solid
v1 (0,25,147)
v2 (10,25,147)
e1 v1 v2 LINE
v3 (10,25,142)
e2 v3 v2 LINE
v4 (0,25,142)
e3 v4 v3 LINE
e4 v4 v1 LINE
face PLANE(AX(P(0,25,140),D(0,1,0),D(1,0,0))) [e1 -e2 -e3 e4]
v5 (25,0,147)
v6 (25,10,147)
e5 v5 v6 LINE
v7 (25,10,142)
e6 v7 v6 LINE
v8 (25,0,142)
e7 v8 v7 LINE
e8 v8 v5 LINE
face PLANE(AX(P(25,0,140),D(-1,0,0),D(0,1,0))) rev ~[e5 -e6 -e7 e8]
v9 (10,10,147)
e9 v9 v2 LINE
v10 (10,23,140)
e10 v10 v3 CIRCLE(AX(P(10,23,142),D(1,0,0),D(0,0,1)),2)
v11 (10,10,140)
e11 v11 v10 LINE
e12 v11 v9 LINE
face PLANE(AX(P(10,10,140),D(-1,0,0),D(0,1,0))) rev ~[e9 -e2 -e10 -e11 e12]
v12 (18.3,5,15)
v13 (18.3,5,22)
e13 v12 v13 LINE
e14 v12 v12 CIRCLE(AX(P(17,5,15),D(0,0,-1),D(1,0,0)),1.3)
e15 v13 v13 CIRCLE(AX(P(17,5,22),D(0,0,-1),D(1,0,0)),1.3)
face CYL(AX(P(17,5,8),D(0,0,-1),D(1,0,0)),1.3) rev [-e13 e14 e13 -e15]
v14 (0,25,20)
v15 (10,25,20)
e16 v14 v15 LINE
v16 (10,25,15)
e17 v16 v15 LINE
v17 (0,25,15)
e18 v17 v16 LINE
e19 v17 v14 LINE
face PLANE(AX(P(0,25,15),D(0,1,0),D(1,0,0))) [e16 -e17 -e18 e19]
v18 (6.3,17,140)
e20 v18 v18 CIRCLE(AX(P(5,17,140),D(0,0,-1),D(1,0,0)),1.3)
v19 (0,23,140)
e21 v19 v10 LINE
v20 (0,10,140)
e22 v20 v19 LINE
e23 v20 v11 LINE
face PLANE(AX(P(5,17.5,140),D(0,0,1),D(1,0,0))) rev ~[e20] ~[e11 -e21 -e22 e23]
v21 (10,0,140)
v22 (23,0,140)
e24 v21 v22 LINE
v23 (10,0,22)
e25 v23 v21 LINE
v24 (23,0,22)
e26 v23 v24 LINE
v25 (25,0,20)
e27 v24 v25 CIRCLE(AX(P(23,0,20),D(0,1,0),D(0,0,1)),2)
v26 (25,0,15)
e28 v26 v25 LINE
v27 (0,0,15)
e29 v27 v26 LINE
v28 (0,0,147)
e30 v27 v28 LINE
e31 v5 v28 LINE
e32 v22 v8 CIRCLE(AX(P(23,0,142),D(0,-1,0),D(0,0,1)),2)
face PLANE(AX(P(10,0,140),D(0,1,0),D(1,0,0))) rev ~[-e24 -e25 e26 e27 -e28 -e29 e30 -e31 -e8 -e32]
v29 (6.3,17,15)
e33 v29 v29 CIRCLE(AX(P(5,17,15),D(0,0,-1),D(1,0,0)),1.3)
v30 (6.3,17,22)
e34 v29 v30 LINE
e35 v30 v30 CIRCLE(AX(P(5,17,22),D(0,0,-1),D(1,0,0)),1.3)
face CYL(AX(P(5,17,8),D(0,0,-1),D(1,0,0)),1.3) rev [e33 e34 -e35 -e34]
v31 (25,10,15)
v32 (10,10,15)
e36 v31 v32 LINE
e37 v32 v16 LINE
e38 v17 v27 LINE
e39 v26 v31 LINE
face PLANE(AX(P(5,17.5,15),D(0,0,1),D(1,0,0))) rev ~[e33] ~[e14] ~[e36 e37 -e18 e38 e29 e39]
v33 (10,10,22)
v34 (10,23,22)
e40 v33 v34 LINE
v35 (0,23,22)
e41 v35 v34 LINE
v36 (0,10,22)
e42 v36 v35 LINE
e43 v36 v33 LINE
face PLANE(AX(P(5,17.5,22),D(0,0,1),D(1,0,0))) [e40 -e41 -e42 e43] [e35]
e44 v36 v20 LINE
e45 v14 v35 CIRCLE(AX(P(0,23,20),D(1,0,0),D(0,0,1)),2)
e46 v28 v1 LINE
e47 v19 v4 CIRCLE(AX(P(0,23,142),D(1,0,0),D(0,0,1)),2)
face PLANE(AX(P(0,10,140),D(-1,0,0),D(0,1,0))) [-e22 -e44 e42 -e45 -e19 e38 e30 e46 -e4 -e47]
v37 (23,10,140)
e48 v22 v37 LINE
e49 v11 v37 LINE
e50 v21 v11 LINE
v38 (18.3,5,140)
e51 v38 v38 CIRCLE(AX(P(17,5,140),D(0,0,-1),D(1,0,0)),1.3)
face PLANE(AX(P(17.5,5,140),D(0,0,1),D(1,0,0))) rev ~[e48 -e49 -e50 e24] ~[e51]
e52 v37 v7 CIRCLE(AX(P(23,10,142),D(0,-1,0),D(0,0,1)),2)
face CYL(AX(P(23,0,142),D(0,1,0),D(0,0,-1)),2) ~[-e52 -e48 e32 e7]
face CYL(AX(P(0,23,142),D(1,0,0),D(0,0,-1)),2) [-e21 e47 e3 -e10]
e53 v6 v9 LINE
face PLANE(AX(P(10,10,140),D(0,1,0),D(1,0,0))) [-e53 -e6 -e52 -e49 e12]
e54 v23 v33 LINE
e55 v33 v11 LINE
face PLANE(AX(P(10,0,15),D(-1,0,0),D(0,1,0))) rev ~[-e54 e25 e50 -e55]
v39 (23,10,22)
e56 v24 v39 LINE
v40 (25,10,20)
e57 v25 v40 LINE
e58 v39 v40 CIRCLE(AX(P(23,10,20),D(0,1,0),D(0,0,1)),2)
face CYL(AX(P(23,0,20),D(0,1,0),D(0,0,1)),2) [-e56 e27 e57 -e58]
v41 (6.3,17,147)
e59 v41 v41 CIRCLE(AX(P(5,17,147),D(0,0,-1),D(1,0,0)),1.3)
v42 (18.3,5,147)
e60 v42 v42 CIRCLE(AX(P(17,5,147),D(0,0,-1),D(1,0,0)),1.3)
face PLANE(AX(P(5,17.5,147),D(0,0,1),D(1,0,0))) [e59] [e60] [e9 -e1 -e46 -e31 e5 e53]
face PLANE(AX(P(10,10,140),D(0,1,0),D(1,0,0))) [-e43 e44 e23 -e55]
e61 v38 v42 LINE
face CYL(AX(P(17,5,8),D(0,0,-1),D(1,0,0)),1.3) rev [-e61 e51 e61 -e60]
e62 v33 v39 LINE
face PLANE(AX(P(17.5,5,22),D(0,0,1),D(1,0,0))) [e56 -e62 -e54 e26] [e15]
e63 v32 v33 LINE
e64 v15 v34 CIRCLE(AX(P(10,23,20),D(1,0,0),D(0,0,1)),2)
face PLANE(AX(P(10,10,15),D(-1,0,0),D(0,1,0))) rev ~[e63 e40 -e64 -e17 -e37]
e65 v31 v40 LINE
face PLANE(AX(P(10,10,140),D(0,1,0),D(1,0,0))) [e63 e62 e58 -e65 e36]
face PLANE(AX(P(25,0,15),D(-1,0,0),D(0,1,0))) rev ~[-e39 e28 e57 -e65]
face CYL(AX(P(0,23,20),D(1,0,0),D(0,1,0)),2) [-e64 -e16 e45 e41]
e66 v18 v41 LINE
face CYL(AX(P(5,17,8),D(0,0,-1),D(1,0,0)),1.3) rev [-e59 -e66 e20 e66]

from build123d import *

# Parameters (mm, degrees)
CYLINDER004_R     = 1.3
CYLINDER004_DEPTH = 146
CYLINDER_R        = 1.3
CYLINDER_DEPTH    = 146
BOX063_W          = 10
BOX063_H          = 10
BOX063_DEPTH      = 132
BOX064_W          = 15
BOX064_H          = 10
BOX064_DEPTH      = 7
BOX066_W          = 10
BOX066_H          = 15
BOX066_DEPTH      = 7
BOX062_W          = 10
BOX062_H          = 15
BOX062_DEPTH      = 7
BOX065_W          = 15
BOX065_H          = 10
BOX065_DEPTH      = 7
FILLET_R          = 2


with BuildPart() as cilindro004:
    # Cylinder004 → Cylinder004 (new body)
    with BuildSketch(Plane(origin=(5, 17, 8), x_dir=(1, 0, 0), z_dir=(0, 0, 1))):
        Circle(CYLINDER004_R)
    extrude(amount=CYLINDER004_DEPTH)


with BuildPart() as cilindro:
    # Cylinder → Cylinder (new body)
    with BuildSketch(Plane(origin=(17, 5, 8), x_dir=(1, 0, 0), z_dir=(0, 0, 1))):
        Circle(CYLINDER_R)
    extrude(amount=CYLINDER_DEPTH)


with BuildPart() as cubo026:
    # Box063 → Box063 (new body)
    with BuildSketch(Plane.XY.offset(15)):
        with Locations((5, 5)):
            Rectangle(BOX063_W, BOX063_H)
    extrude(amount=BOX063_DEPTH)


with BuildPart() as cubo027:
    # Box064 → Box064 (new body)
    with BuildSketch(Plane(origin=(10, 0, 140), x_dir=(1, 0, 0), z_dir=(0, 0, 1))):
        with Locations((7.5, 5)):
            Rectangle(BOX064_W, BOX064_H)
    extrude(amount=BOX064_DEPTH)


with BuildPart() as cubo029:
    # Box066 → Box066 (new body)
    with BuildSketch(Plane(origin=(0, 10, 15), x_dir=(1, 0, 0), z_dir=(0, 0, 1))):
        with Locations((5, 7.5)):
            Rectangle(BOX066_W, BOX066_H)
    extrude(amount=BOX066_DEPTH)


with BuildPart() as cubo025:
    # Box062 → Box062 (new body)
    with BuildSketch(Plane(origin=(0, 10, 140), x_dir=(1, 0, 0), z_dir=(0, 0, 1))):
        with Locations((5, 7.5)):
            Rectangle(BOX062_W, BOX062_H)
    extrude(amount=BOX062_DEPTH)


with BuildPart() as pilar001:
    # Box065 → Box065 (new body)
    with BuildSketch(Plane(origin=(10, 0, 15), x_dir=(1, 0, 0), z_dir=(0, 0, 1))):
        with Locations((7.5, 5)):
            Rectangle(BOX065_W, BOX065_H)
    extrude(amount=BOX065_DEPTH)

    # Fusion008: union Cubo026, Cubo027, Cubo029, Cubo025
    add(cubo026.part)
    add(cubo027.part)
    add(cubo029.part)
    add(cubo025.part)

    # Fillet
    fillet_edges = [pilar001.edges().sort_by_distance(p)[0] for p in [
        (25, 5, 22),
        (25, 5, 140),
        (5, 25, 22),
        (5, 25, 140),
    ]]
    fillet(fillet_edges, radius=FILLET_R)

    # Cut015: cut Cilindro
    add(cilindro.part, mode=Mode.SUBTRACT)

    # Cut018: cut Cilindro004
    add(cilindro004.part, mode=Mode.SUBTRACT)


solid = pilar001.part
